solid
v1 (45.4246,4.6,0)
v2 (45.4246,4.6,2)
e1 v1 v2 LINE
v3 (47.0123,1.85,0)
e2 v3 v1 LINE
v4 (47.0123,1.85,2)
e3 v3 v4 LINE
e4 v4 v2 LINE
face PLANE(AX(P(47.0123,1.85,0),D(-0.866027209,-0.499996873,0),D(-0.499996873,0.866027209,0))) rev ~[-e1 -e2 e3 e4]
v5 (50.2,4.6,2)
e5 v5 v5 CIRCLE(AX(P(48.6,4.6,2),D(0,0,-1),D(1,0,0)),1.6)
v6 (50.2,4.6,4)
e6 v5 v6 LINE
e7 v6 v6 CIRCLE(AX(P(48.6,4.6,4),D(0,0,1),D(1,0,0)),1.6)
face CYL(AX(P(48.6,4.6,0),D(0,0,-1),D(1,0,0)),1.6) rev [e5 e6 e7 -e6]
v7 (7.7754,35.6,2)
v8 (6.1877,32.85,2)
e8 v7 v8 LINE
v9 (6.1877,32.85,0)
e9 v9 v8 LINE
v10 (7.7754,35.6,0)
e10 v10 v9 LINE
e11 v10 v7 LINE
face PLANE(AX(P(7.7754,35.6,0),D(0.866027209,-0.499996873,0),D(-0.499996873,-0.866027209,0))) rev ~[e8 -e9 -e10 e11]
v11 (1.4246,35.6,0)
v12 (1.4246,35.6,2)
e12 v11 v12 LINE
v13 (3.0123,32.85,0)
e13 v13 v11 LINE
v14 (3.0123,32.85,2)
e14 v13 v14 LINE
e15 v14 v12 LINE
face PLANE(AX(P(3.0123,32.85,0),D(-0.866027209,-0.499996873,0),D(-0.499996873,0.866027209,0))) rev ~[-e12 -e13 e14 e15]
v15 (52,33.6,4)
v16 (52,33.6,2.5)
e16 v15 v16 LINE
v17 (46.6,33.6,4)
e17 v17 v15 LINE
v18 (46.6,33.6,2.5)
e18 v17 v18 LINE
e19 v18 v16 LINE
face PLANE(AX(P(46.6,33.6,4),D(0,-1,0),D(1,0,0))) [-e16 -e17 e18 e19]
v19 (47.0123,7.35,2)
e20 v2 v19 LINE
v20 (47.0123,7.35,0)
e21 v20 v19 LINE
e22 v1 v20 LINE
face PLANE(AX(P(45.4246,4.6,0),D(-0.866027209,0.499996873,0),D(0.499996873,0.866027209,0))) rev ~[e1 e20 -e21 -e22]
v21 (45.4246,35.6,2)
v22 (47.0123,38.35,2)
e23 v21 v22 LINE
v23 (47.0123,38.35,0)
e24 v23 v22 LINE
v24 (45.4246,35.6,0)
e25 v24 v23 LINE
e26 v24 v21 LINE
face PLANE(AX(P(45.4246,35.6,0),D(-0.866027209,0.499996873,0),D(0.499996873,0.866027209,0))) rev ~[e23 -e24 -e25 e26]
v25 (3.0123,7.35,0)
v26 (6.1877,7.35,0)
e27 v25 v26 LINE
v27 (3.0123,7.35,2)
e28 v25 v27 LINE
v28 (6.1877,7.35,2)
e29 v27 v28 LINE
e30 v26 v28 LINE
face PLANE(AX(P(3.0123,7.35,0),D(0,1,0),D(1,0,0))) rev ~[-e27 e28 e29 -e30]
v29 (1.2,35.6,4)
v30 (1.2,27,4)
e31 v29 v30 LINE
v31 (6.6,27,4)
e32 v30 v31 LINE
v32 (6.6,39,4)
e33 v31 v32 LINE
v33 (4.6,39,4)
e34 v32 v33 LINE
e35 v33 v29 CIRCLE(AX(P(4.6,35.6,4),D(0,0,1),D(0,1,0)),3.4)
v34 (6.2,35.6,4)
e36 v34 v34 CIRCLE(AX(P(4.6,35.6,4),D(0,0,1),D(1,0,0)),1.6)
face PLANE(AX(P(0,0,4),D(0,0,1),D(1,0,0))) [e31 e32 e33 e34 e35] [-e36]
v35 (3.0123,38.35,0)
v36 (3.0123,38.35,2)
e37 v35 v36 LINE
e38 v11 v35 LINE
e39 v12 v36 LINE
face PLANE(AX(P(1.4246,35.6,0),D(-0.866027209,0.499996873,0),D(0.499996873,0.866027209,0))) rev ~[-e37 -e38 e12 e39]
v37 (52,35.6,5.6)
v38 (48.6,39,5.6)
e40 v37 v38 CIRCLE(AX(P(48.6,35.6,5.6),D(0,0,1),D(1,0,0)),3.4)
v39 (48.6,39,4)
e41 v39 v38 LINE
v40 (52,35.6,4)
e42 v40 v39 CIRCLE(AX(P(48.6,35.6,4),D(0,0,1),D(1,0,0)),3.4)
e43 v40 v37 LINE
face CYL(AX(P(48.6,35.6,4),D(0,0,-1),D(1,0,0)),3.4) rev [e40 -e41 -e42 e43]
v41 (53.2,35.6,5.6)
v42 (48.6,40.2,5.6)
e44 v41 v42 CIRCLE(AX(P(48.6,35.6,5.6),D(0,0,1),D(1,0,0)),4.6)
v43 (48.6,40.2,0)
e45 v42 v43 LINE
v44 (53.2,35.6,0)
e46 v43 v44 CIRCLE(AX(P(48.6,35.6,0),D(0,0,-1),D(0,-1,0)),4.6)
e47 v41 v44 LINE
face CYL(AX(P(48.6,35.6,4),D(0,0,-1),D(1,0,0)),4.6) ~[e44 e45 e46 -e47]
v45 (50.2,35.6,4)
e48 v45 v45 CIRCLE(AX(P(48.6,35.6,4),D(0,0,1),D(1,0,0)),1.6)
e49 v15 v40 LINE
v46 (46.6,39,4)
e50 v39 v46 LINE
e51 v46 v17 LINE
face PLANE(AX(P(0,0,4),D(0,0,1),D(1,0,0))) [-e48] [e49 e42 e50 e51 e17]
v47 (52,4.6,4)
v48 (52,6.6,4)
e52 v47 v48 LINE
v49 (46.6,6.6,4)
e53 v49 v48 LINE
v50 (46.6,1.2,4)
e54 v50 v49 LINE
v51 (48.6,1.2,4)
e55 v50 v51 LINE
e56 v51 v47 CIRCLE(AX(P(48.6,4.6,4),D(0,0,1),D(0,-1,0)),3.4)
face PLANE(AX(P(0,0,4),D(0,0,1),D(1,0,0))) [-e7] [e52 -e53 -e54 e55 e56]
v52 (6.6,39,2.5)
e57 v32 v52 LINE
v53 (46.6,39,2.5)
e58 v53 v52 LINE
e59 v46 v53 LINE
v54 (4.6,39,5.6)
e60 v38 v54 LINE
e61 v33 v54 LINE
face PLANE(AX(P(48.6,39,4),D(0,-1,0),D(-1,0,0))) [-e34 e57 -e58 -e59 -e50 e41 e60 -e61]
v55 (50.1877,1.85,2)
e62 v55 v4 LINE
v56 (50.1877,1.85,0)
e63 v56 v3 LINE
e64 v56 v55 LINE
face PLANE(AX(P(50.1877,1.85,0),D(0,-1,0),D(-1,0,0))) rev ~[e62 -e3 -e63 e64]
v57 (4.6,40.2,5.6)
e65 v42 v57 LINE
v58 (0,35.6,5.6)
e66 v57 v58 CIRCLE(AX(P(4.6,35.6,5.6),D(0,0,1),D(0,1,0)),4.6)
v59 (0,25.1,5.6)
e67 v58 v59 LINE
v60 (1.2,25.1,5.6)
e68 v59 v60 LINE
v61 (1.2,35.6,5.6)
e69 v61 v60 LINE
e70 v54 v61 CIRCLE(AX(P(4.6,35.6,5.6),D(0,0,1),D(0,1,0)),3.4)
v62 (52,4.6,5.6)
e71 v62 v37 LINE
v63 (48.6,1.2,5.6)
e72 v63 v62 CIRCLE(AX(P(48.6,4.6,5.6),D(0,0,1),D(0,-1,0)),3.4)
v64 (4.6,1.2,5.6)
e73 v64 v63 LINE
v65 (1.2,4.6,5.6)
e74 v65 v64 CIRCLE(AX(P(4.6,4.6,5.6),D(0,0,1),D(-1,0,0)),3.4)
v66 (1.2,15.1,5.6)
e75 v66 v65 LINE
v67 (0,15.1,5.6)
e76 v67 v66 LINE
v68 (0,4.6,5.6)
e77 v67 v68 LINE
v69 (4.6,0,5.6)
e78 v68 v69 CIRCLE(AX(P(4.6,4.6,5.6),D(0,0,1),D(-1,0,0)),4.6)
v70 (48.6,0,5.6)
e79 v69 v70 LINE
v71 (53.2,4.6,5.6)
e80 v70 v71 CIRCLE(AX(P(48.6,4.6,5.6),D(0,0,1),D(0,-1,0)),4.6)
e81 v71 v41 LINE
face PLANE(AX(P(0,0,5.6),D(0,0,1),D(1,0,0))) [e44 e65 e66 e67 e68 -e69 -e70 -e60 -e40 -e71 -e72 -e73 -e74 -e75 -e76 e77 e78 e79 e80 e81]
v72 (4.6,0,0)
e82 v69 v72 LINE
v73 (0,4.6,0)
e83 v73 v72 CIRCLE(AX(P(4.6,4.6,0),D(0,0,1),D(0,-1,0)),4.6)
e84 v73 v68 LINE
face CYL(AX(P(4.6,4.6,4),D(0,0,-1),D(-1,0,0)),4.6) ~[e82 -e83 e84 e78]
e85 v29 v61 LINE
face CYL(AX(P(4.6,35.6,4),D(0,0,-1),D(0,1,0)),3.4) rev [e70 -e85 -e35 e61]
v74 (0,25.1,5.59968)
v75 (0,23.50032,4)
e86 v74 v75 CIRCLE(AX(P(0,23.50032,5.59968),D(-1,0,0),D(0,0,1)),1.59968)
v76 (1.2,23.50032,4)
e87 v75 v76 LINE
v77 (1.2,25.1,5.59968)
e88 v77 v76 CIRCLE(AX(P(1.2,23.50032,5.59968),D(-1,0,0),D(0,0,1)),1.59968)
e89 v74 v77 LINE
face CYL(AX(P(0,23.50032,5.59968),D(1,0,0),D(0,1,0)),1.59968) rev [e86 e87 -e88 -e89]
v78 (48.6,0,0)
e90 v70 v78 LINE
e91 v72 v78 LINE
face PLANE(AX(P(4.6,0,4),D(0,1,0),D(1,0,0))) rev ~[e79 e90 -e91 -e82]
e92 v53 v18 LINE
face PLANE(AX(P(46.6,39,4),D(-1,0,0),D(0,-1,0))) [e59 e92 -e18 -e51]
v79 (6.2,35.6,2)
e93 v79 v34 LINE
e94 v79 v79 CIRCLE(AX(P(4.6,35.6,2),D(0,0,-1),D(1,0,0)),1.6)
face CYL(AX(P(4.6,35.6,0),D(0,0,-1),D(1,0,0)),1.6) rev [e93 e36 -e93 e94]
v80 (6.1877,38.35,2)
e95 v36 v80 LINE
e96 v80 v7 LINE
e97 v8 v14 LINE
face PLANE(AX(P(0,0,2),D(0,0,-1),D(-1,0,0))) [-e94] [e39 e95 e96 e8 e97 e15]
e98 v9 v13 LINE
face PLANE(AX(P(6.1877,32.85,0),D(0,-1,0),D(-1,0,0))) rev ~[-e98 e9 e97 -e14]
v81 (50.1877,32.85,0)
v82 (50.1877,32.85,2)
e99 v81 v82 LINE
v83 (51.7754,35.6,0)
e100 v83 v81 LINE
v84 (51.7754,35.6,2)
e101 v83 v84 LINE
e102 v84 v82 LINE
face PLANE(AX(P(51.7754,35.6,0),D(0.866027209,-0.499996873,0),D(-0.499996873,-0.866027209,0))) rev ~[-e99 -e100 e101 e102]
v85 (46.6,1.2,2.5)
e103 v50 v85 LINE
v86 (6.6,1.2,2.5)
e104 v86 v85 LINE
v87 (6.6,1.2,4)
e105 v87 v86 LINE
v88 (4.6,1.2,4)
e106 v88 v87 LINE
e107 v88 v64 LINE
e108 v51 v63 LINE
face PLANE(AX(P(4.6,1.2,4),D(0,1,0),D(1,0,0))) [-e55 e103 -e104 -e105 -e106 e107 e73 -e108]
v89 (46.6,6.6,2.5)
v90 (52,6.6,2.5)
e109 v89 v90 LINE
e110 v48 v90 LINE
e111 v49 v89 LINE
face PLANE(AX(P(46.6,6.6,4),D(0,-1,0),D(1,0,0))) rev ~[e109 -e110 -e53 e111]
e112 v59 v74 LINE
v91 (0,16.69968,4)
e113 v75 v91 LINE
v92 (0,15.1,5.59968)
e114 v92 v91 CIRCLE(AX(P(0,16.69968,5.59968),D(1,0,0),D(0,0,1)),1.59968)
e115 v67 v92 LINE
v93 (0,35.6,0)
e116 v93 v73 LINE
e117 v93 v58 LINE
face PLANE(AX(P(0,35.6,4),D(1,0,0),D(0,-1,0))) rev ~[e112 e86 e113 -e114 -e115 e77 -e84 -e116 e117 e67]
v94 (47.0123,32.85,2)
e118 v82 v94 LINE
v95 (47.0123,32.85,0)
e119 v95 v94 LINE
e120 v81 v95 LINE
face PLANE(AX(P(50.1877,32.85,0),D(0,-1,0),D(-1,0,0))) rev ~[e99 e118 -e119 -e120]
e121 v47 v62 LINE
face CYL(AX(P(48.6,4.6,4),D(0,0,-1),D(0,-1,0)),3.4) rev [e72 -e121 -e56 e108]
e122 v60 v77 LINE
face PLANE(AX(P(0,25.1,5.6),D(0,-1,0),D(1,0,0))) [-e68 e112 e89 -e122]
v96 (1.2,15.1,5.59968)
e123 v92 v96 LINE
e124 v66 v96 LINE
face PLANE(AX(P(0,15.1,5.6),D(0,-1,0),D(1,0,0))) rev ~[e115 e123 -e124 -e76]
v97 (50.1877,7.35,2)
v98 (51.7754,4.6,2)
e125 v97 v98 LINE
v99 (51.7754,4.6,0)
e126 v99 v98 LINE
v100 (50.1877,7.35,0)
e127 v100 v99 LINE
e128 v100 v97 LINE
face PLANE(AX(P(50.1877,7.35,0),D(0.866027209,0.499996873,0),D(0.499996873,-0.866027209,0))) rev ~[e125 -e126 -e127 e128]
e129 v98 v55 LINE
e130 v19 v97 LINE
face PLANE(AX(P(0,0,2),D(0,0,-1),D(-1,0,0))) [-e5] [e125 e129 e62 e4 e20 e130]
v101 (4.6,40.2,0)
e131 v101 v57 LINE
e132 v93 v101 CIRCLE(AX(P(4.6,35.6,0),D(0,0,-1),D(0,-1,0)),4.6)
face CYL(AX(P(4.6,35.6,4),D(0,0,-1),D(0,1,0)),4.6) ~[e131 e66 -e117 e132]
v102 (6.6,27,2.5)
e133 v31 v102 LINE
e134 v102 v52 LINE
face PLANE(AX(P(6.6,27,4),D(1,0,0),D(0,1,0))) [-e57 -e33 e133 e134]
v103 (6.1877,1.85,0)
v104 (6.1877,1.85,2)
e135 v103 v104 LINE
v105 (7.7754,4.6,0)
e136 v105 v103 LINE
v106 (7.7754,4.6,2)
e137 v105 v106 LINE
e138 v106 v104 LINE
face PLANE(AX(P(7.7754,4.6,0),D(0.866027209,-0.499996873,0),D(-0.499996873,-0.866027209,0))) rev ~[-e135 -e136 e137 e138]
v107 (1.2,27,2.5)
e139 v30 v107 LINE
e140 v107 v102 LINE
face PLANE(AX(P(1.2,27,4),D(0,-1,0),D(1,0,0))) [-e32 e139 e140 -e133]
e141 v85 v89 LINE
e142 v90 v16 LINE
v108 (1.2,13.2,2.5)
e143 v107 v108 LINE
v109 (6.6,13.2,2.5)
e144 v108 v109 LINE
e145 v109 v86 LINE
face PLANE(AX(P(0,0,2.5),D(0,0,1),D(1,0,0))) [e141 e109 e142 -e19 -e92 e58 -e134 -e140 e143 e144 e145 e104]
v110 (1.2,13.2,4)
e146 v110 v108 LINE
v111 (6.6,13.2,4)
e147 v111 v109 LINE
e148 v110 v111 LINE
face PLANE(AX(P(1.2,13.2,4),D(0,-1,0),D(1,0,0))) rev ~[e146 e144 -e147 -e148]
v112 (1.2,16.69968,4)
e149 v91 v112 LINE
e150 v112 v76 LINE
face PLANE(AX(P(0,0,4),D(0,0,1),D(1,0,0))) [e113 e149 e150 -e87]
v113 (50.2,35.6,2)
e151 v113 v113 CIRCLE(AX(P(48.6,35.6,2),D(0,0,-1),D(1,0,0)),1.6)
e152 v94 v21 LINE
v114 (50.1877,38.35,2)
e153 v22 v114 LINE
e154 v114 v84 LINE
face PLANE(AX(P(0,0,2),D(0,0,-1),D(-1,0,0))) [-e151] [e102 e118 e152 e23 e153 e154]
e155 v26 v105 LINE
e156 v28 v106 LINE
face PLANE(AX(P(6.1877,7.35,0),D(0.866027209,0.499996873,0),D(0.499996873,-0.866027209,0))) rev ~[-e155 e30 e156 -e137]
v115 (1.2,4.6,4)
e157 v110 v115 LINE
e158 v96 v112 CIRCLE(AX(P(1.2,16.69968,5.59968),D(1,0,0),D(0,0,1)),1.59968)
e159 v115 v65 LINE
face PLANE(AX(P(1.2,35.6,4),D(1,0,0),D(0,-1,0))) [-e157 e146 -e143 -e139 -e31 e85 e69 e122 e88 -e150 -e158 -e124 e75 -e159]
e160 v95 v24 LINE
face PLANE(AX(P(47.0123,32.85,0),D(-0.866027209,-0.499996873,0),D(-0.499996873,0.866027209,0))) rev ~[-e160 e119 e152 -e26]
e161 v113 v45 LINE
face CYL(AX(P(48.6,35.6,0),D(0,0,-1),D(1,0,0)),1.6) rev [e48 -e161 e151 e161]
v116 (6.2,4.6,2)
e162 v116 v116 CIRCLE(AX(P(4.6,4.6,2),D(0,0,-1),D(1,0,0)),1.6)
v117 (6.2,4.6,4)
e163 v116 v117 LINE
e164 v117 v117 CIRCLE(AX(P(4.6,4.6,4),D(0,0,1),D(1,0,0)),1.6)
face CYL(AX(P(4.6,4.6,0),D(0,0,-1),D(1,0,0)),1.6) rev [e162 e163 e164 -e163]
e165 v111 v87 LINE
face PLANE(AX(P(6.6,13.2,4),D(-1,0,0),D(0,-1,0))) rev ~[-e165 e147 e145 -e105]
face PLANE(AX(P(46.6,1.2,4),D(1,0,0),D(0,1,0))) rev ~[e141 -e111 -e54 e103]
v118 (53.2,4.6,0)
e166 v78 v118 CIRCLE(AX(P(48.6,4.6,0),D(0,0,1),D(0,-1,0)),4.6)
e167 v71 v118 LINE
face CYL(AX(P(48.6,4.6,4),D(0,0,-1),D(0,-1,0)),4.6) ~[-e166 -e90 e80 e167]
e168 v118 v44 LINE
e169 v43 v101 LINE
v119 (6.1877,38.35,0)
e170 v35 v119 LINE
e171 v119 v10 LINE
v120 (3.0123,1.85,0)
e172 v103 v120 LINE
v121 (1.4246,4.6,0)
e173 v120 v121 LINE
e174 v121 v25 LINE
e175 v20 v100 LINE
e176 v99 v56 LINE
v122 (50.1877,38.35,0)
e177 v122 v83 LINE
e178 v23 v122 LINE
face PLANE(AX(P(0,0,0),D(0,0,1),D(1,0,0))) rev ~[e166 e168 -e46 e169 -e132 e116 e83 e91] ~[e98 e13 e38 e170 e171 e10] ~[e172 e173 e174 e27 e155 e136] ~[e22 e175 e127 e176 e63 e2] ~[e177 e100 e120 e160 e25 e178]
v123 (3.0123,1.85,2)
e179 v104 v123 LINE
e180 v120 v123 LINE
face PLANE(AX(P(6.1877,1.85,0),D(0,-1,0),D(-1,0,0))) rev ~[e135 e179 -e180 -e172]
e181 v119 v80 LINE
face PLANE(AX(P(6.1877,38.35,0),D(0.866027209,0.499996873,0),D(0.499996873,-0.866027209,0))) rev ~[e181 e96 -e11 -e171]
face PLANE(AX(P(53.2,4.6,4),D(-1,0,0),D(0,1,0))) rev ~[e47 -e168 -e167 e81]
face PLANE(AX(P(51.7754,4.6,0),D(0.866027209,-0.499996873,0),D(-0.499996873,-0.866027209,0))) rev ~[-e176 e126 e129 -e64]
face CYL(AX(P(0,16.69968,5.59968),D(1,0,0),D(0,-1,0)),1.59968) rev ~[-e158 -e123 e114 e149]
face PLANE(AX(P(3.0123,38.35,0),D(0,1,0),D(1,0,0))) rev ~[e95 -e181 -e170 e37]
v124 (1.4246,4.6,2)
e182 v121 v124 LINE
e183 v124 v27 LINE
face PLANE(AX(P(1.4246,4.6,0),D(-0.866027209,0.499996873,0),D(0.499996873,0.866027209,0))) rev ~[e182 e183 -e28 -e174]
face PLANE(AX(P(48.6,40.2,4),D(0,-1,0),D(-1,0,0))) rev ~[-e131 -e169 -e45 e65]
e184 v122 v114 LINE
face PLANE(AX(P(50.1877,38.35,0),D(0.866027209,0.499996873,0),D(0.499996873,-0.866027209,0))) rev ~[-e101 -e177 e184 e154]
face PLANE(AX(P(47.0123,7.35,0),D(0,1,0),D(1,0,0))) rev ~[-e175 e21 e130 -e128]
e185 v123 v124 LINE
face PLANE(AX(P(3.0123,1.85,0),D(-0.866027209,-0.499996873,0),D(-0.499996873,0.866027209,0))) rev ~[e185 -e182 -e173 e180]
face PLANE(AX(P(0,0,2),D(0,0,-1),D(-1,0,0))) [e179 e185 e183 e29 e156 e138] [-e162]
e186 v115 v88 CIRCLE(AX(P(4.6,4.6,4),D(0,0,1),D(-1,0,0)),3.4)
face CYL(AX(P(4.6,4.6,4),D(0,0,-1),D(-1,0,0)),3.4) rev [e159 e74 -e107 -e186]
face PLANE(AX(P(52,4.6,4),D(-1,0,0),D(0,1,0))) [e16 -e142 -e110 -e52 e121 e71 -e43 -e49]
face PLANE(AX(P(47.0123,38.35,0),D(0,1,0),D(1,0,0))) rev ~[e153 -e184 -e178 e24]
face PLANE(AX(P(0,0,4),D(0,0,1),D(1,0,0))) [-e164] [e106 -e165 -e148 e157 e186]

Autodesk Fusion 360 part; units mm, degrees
sketch "Sketch1" plane through (0, 0, 0) normal (0, 0, 1) x (1, 0, 0)
  line L0 (0, 0) -> (53.2, 0)
  line L1 (53.2, 0) -> (53.2, 40.2)
  line L2 (53.2, 40.2) -> (0, 40.2)
  line L3 (0, 40.2) -> (0, 0)
  circle A0 centre (4.6, 35.6) radius 1.6
  circle A1 centre (4.6, 4.6) radius 1.6
  circle A2 centre (48.6, 35.6) radius 1.6
  circle A3 centre (48.6, 4.6) radius 1.6
  dimension "d1" = 53.2
  dimension "d2" = 40.2
  dimension "d3" = 3.2
  dimension "d4" = 3.2
  dimension "d5" = 3.2
  dimension "d6" = 3.2
  dimension "d7" = 4.6
  dimension "d8" = 4.6
  dimension "d9" = 4.6
  dimension "d10" = 4.6
  dimension "d11" = 4.6
  dimension "d12" = 4.6
  dimension "d13" = 4.6
  dimension "d14" = 4.6
extrude "Extrude1" add sketch "Sketch1" along normal blind 4
sketch "Sketch2" plane through (0, 0, 0) normal (0, 0, -1) x (-1, 0, 0)
  circle A0 centre (-48.6, 4.6) radius 1.6
  circle A1 centre (-4.6, 4.6) radius 1.6
  circle A2 centre (-48.6, 35.6) radius 1.6
  circle A3 centre (-4.6, 35.6) radius 1.6
  line L0 (0, 0) -> (0, 40.2)
  line L1 (0, 40.2) -> (-53.2, 40.2)
  line L2 (-53.2, 40.2) -> (-53.2, 0)
  line L3 (-53.2, 0) -> (0, 0)
  line L4 (-3.0123, 32.85) -> (-1.4246, 35.6)
  line L5 (-1.4246, 35.6) -> (-3.0123, 38.35)
  line L6 (-3.0123, 38.35) -> (-6.1877, 38.35)
  line L7 (-6.1877, 38.35) -> (-7.7754, 35.6)
  line L8 (-7.7754, 35.6) -> (-6.1877, 32.85)
  line L9 (-6.1877, 32.85) -> (-3.0123, 32.85)
  line L10 (-47.0123, 32.85) -> (-45.4246, 35.6)
  line L11 (-45.4246, 35.6) -> (-47.0123, 38.35)
  line L12 (-47.0123, 38.35) -> (-50.1877, 38.35)
  line L13 (-50.1877, 38.35) -> (-51.7754, 35.6)
  line L14 (-51.7754, 35.6) -> (-50.1877, 32.85)
  line L15 (-50.1877, 32.85) -> (-47.0123, 32.85)
  line L16 (-50.1877, 7.35) -> (-51.7754, 4.6)
  line L17 (-51.7754, 4.6) -> (-50.1877, 1.85)
  line L18 (-50.1877, 1.85) -> (-47.0123, 1.85)
  line L19 (-47.0123, 1.85) -> (-45.4246, 4.6)
  line L20 (-45.4246, 4.6) -> (-47.0123, 7.35)
  line L21 (-47.0123, 7.35) -> (-50.1877, 7.35)
  line L22 (-6.1877, 7.35) -> (-7.7754, 4.6)
  line L23 (-7.7754, 4.6) -> (-6.1877, 1.85)
  line L24 (-6.1877, 1.85) -> (-3.0123, 1.85)
  line L25 (-3.0123, 1.85) -> (-1.4246, 4.6)
  line L26 (-1.4246, 4.6) -> (-3.0123, 7.35)
  line L27 (-3.0123, 7.35) -> (-6.1877, 7.35)
  dimension "d17" = 2.75
  dimension "d18" = 2.75
  dimension "d19" = 2.75
  dimension "d20" = 2.75
extrude "Extrude2" cut sketch "Sketch2" against normal blind 2 contours L4 L5 L6 L7 L8 L9 | L10 L11 L12 L13 L14 L15 | L16 L17 L18 L19 L20 L21 | L22 L23 L24 L25 L26 L27
fillet "Fillet1" radius 4.6 4 edges at (53.2, 40.2, 2) (53.2, 0, 2) (0, 0, 2) (0, 40.2, 2)
sketch "Sketch4" plane through (0, 0, 4) normal (0, 0, 1) x (1, 0, 0)
  arc A0 (4.6, 40.2) -> (0, 35.6) centre (4.6, 35.6) ccw
  line L0 (0, 35.6) -> (0, 4.6)
  arc A1 (0, 4.6) -> (4.6, 0) centre (4.6, 4.6) ccw
  line L1 (4.6, 0) -> (48.6, 0)
  arc A2 (48.6, 0) -> (53.2, 4.6) centre (48.6, 4.6) ccw
  line L2 (53.2, 4.6) -> (53.2, 35.6)
  arc A3 (53.2, 35.6) -> (48.6, 40.2) centre (48.6, 35.6) ccw
  line L3 (48.6, 40.2) -> (4.6, 40.2)
  circle A4 centre (4.6, 4.6) radius 1.6
  circle A5 centre (48.6, 35.6) radius 1.6
  circle A6 centre (4.6, 35.6) radius 1.6
  circle A7 centre (48.6, 4.6) radius 1.6
  line L4 (1.2, 35.6) -> (1.2, 4.6)
  arc A8 (1.2, 4.6) -> (4.6, 1.2) centre (4.6, 4.6) ccw
  line L5 (4.6, 1.2) -> (48.6, 1.2)
  arc A9 (48.6, 1.2) -> (52, 4.6) centre (48.6, 4.6) ccw
  line L6 (52, 4.6) -> (52, 35.6)
  arc A10 (52, 35.6) -> (48.6, 39) centre (48.6, 35.6) ccw
  line L7 (48.6, 39) -> (4.6, 39)
  arc A11 (4.6, 39) -> (1.2, 35.6) centre (4.6, 35.6) ccw
  dimension "d24" = 1.2
extrude "Extrude3" add sketch "Sketch4" along normal blind 1.6 contours A0 L0 A1 L1 A2 L2 A3 L3
sketch "Sketch5" plane through (0, 0, 4) normal (0, 0, 1) x (1, 0, 0)
  line L0 (1.2, 35.6) -> (1.2, 4.6)
  arc A0 (1.2, 4.6) -> (4.6, 1.2) centre (4.6, 4.6) ccw
  line L1 (4.6, 1.2) -> (48.6, 1.2)
  arc A1 (48.6, 1.2) -> (52, 4.6) centre (48.6, 4.6) ccw
  line L2 (52, 4.6) -> (52, 35.6)
  arc A2 (52, 35.6) -> (48.6, 39) centre (48.6, 35.6) ccw
  line L3 (48.6, 39) -> (4.6, 39)
  arc A3 (4.6, 39) -> (1.2, 35.6) centre (4.6, 35.6) ccw
  circle A4 centre (4.6, 4.6) radius 1.6
  circle A5 centre (48.6, 35.6) radius 1.6
  circle A6 centre (4.6, 35.6) radius 1.6
  circle A7 centre (48.6, 4.6) radius 1.6
  line L4 (1.2, 13.2) -> (6.6, 13.2)
  line L5 (6.6, 13.2) -> (6.6, 1.2)
  line L6 (46.6, 1.2) -> (46.6, 6.6)
  line L7 (46.6, 6.6) -> (52, 6.6)
  line L8 (1.2, 27) -> (6.6, 27)
  line L9 (6.6, 27) -> (6.6, 39)
  line L10 (46.6, 39) -> (46.6, 33.6)
  line L11 (46.6, 33.6) -> (52, 33.6)
  dimension "d27" = 12
  dimension "d28" = 5.4
  dimension "d29" = 5.4
  dimension "d30" = 12
  dimension "d31" = 5.4
  dimension "d32" = 5.4
  dimension "d33" = 5.4
  dimension "d34" = 5.4
extrude "Extrude4" cut sketch "Sketch5" against normal blind 1.5 contours L0 L1 L2 L3 L4 L5 L6 L7 L8 L9 L10 L11
sketch "Sketch6" plane through (0, 0, 5.6) normal (0, 0, 1) x (1, 0, 0)
  arc A0 (4.6, 39) -> (1.2, 35.6) centre (4.6, 35.6) ccw
  line L0 (4.6, 39) -> (48.6, 39)
  arc A1 (52, 35.6) -> (48.6, 39) centre (48.6, 35.6) ccw
  line L1 (52, 35.6) -> (52, 4.6)
  arc A2 (48.6, 1.2) -> (52, 4.6) centre (48.6, 4.6) ccw
  line L2 (48.6, 1.2) -> (4.6, 1.2)
  arc A3 (1.2, 4.6) -> (4.6, 1.2) centre (4.6, 4.6) ccw
  line L3 (1.2, 4.6) -> (1.2, 35.6)
  line L4 (48.6, 40.2) -> (4.6, 40.2)
  arc A4 (4.6, 40.2) -> (0, 35.6) centre (4.6, 35.6) ccw
  line L5 (0, 35.6) -> (0, 4.6)
  arc A5 (0, 4.6) -> (4.6, 0) centre (4.6, 4.6) ccw
  line L6 (4.6, 0) -> (48.6, 0)
  arc A6 (48.6, 0) -> (53.2, 4.6) centre (48.6, 4.6) ccw
  line L7 (53.2, 4.6) -> (53.2, 35.6)
  arc A7 (53.2, 35.6) -> (48.6, 40.2) centre (48.6, 35.6) ccw
  line L8 (0, 25.1) -> (1.2, 25.1)
  line L9 (0, 15.1) -> (1.2, 15.1)
  dimension "d37" = 10
  dimension "d38" = 10.5
extrude "Extrude5" cut sketch "Sketch6" against normal blind 1.6 contours L3 L5 L8 L9
fillet "Fillet2" radius 1.6 2 edges at (0.6, 25.1, 4) (0.6, 15.1, 4)
equation "d1 = 50 mm + ( ( 2 * 1.6 ) * 1 mm )"
equation "d2 = 37 mm + ( ( 2 * 1.6 ) * 1 mm )"
equation "d7 = 3 mm + 1.6 mm"
equation "d8 = d7"
equation "d9 = d7"
equation "d10 = d7"
equation "d11 = d7"
equation "d12 = d7"
equation "d13 = d7"
equation "d14 = d7"
equation "d17 = ( 5.5 / 2 ) * 1 mm"
equation "d18 = d17"
equation "d19 = d17"
equation "d20 = d17"
equation "d23 = 3 mm + 1.6 mm"
equation "d28 = 5 mm + 0.4 mm"
equation "d29 = d28"
equation "d30 = d27"
equation "d31 = d34"
equation "d32 = d28"
equation "d33 = d32"
